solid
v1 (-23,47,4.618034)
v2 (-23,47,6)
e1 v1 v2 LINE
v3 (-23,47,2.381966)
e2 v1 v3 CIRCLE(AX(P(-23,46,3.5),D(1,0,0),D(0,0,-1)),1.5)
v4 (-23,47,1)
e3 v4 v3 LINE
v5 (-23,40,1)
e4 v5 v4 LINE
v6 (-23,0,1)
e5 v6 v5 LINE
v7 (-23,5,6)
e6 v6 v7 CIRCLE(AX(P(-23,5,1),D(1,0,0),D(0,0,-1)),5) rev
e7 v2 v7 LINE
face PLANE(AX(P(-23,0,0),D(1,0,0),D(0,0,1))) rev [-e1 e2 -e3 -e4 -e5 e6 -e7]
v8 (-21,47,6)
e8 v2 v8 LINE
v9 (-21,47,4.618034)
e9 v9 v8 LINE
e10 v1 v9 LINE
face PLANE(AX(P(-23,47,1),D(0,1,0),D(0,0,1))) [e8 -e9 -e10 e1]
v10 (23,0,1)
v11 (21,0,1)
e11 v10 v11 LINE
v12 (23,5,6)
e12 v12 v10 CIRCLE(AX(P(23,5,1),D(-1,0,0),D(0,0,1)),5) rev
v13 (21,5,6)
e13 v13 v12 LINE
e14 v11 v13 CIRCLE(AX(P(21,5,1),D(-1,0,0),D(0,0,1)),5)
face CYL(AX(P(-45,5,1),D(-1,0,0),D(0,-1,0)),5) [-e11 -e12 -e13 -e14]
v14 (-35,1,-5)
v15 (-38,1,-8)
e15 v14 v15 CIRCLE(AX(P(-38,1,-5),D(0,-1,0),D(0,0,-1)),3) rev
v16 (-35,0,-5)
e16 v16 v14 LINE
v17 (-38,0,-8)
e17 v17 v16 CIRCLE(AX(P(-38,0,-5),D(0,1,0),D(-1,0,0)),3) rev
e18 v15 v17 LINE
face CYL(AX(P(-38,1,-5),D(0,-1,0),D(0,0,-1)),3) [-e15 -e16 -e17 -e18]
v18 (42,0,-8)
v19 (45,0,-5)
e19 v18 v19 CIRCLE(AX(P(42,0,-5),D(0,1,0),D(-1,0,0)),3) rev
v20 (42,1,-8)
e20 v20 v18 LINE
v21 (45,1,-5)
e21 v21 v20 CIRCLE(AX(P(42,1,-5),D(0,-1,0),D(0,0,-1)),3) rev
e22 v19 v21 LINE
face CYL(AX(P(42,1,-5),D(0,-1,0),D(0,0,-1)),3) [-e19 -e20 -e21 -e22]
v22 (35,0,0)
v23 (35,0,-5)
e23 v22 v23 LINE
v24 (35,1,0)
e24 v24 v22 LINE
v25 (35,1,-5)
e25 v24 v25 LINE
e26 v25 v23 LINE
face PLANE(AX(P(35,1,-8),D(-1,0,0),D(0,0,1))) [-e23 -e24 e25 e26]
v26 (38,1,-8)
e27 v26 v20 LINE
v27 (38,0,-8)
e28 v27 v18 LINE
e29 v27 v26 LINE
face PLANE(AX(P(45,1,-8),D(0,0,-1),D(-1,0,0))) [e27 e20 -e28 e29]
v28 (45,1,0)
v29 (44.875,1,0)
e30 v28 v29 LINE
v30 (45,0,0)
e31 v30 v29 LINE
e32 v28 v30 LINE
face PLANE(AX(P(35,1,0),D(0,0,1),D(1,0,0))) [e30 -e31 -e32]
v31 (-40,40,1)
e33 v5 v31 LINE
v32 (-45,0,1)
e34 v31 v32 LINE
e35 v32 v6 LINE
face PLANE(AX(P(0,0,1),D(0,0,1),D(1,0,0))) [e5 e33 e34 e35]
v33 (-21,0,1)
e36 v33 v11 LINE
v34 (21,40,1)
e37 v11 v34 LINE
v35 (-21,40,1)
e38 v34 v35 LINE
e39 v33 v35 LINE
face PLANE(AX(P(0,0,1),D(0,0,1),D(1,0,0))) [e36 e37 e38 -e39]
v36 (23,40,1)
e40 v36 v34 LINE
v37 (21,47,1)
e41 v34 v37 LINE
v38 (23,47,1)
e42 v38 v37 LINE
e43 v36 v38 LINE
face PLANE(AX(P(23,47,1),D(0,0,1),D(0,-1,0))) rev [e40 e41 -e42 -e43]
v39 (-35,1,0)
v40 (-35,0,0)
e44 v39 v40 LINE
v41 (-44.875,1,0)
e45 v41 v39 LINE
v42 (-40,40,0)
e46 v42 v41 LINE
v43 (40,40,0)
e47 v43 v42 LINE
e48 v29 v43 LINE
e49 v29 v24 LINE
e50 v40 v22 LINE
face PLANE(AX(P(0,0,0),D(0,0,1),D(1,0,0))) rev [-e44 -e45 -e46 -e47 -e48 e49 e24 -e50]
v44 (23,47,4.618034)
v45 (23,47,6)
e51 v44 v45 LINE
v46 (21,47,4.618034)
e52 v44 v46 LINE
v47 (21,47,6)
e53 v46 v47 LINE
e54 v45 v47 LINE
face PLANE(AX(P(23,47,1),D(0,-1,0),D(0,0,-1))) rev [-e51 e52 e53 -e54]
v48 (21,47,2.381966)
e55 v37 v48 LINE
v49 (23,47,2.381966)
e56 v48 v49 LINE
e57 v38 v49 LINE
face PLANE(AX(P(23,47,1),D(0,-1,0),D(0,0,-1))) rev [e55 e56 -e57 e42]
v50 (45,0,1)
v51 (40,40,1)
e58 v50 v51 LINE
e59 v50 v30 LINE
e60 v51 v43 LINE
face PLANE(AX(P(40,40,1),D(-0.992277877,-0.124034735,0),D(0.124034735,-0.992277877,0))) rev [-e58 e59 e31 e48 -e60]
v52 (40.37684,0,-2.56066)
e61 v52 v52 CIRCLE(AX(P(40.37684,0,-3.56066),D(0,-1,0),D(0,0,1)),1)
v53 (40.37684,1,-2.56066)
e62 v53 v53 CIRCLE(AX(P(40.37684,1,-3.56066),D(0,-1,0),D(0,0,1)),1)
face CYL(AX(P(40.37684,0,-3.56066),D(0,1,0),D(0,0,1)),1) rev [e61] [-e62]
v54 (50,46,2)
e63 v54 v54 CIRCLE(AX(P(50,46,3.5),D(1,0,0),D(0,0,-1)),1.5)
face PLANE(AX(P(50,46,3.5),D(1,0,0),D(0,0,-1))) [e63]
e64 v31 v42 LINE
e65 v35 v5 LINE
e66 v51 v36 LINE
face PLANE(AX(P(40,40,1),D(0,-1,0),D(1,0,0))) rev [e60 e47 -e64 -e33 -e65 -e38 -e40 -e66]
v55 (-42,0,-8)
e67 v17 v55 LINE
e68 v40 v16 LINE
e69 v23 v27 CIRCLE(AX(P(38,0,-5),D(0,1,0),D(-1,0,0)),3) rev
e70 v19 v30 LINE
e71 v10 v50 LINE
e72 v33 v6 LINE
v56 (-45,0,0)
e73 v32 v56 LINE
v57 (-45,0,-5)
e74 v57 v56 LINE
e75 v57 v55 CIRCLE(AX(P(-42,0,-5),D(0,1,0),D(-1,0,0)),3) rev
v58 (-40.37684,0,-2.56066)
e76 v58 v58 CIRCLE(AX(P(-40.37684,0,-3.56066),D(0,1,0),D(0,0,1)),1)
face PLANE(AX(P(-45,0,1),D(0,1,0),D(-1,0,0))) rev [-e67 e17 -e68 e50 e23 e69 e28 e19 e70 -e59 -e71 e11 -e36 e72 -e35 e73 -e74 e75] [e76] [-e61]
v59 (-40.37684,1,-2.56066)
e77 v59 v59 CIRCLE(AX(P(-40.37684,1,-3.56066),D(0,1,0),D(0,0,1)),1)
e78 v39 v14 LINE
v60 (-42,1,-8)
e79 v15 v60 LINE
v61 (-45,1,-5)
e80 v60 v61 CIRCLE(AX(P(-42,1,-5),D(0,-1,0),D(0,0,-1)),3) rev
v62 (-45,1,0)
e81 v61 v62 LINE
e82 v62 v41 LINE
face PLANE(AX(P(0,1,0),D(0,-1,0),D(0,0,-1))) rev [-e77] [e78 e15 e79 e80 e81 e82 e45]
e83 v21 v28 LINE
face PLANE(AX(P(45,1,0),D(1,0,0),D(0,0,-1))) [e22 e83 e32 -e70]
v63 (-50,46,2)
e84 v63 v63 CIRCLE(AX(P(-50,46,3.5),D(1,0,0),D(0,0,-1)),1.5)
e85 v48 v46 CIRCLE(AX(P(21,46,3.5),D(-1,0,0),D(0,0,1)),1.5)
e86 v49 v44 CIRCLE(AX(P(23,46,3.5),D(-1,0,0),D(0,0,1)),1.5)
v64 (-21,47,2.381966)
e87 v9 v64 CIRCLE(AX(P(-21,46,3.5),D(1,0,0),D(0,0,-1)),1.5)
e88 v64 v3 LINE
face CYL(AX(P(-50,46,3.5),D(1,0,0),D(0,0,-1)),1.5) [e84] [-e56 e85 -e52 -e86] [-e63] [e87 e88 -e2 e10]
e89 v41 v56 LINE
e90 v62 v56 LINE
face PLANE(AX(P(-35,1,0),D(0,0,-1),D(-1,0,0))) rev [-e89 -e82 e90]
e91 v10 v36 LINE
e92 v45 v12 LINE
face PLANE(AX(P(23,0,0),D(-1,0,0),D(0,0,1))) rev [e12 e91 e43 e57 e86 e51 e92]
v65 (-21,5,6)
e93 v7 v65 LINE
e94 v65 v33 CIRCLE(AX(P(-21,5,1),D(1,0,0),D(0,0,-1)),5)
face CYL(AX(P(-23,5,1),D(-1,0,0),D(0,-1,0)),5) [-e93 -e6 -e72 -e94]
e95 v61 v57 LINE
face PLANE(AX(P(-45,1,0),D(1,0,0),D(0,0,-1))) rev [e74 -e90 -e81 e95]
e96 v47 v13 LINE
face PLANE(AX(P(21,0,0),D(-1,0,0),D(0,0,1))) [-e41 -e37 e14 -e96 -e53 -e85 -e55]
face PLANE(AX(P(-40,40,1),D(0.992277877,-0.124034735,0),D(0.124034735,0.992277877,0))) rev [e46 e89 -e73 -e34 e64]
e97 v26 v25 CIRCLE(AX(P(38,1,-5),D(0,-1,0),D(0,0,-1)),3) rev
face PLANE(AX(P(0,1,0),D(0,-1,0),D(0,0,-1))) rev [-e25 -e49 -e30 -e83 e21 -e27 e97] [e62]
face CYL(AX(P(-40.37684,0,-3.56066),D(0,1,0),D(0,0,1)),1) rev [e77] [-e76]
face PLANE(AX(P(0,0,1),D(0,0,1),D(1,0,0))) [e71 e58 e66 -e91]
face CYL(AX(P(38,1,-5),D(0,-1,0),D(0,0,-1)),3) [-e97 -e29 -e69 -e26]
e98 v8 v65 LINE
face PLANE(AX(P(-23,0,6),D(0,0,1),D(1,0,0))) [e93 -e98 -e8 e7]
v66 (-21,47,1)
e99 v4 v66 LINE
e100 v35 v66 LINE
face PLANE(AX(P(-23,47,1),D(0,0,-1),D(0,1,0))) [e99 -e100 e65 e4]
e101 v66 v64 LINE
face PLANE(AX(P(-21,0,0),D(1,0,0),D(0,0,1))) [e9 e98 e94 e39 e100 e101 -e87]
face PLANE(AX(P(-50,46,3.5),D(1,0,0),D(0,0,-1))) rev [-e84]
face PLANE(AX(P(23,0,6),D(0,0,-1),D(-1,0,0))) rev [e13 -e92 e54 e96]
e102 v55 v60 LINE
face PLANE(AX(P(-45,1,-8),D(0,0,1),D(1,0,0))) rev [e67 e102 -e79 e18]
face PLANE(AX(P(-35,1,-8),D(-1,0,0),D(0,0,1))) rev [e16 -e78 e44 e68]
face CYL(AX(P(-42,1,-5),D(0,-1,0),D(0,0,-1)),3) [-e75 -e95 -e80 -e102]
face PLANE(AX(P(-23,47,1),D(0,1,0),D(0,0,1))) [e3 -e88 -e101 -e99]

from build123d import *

# Parameters (mm, degrees)
BOSS_EXTRUDE2_DEPTH  = 1
SKETCH2_W            = 5
SKETCH2_H            = 47
BOSS_EXTRUDE3_DEPTH  = 2
FILLET2_R            = 5
FILLET2_OF_MIRROR2_R = 5
SKETCH3_R            = 1.5
BOSS_EXTRUDE5_DEPTH  = 100
SKETCH5_W            = 10
SKETCH5_H            = 8
BOSS_EXTRUDE6_DEPTH  = 1
FILLET3_R            = 3
SKETCH6_R            = 1
CUT_EXTRUDE1_DEPTH   = 1
FILLET3_OF_MIRROR4_R = 3


with BuildPart() as part:
    # Sketch1 → Boss-Extrude2 (new body)
    with BuildSketch(Plane.XY):
        Polygon((-45, 0), (45, 0), (40, 40), (-40, 40), align=None)
    extrude(amount=BOSS_EXTRUDE2_DEPTH)

    # Sketch2 → Boss-Extrude3 (add)
    with BuildSketch(Plane(origin=(21, 0, 0), x_dir=(0, 0, -1), z_dir=(1, 0, 0))):
        with Locations((-3.5, 23.5)):
            Rectangle(SKETCH2_W, SKETCH2_H)
    boss_extrude3 = extrude(amount=BOSS_EXTRUDE3_DEPTH)

    # Fillet2
    fillet2_edges = [part.edges().sort_by_distance(p)[0] for p in [
        (22, 0, 6),
    ]]
    fillet(fillet2_edges, radius=FILLET2_R)

    # Mirror2: Boss-Extrude3 across plane
    add(boss_extrude3.mirror(Plane(origin=(0, 0, 0), x_dir=(0, 0, 1), z_dir=(1, 0, 0))))

    # Fillet2 of Mirror2
    fillet2_of_mirror2_edges = [part.edges().sort_by_distance(p)[0] for p in [
        (-22, 0, 6),
    ]]
    fillet(fillet2_of_mirror2_edges, radius=FILLET2_OF_MIRROR2_R)

    # Sketch3 → Boss-Extrude5 (add)
    with BuildSketch(Plane(origin=(50, 0, 0), x_dir=(0, 0, -1), z_dir=(1, 0, 0))):
        with Locations((-3.5, 46)):
            Circle(SKETCH3_R)
    extrude(amount=-BOSS_EXTRUDE5_DEPTH)

    # Sketch5 → Boss-Extrude6 (add)
    with BuildSketch(Plane(origin=(0, 0, 0), x_dir=(1, 0, 0), z_dir=(0, 1, 0))):
        with Locations((-40, 4)):
            Rectangle(SKETCH5_W, SKETCH5_H)
    boss_extrude6 = extrude(amount=BOSS_EXTRUDE6_DEPTH)

    # Fillet3
    fillet3_edges = [part.edges().sort_by_distance(p)[0] for p in [
        (-35, 0.5, -8),
        (-45, 0.5, -8),
    ]]
    fillet(fillet3_edges, radius=FILLET3_R)

    # Sketch6 → Cut-Extrude1 (cut)
    with BuildSketch(Plane(origin=(0, 1, 0), x_dir=(1, 0, 0), z_dir=(0, 1, 0))):
        with Locations(Location((-40.376839828, 3.560660172, 0), (0, 0, 270))):
            Circle(SKETCH6_R)
    cut_extrude1 = extrude(amount=-CUT_EXTRUDE1_DEPTH, mode=Mode.SUBTRACT)

    # Mirror4: Boss-Extrude6, Cut-Extrude1 across plane
    add(boss_extrude6.mirror(Plane(origin=(0, 0, 0), x_dir=(0, 0, 1), z_dir=(1, 0, 0))))
    add(cut_extrude1.mirror(Plane(origin=(0, 0, 0), x_dir=(0, 0, 1), z_dir=(1, 0, 0))), mode=Mode.SUBTRACT)

    # Fillet3 of Mirror4
    fillet3_of_mirror4_edges = [part.edges().sort_by_distance(p)[0] for p in [
        (35, 0.5, -8),
        (45, 0.5, -8),
    ]]
    fillet(fillet3_of_mirror4_edges, radius=FILLET3_OF_MIRROR4_R)


solid = part.part
